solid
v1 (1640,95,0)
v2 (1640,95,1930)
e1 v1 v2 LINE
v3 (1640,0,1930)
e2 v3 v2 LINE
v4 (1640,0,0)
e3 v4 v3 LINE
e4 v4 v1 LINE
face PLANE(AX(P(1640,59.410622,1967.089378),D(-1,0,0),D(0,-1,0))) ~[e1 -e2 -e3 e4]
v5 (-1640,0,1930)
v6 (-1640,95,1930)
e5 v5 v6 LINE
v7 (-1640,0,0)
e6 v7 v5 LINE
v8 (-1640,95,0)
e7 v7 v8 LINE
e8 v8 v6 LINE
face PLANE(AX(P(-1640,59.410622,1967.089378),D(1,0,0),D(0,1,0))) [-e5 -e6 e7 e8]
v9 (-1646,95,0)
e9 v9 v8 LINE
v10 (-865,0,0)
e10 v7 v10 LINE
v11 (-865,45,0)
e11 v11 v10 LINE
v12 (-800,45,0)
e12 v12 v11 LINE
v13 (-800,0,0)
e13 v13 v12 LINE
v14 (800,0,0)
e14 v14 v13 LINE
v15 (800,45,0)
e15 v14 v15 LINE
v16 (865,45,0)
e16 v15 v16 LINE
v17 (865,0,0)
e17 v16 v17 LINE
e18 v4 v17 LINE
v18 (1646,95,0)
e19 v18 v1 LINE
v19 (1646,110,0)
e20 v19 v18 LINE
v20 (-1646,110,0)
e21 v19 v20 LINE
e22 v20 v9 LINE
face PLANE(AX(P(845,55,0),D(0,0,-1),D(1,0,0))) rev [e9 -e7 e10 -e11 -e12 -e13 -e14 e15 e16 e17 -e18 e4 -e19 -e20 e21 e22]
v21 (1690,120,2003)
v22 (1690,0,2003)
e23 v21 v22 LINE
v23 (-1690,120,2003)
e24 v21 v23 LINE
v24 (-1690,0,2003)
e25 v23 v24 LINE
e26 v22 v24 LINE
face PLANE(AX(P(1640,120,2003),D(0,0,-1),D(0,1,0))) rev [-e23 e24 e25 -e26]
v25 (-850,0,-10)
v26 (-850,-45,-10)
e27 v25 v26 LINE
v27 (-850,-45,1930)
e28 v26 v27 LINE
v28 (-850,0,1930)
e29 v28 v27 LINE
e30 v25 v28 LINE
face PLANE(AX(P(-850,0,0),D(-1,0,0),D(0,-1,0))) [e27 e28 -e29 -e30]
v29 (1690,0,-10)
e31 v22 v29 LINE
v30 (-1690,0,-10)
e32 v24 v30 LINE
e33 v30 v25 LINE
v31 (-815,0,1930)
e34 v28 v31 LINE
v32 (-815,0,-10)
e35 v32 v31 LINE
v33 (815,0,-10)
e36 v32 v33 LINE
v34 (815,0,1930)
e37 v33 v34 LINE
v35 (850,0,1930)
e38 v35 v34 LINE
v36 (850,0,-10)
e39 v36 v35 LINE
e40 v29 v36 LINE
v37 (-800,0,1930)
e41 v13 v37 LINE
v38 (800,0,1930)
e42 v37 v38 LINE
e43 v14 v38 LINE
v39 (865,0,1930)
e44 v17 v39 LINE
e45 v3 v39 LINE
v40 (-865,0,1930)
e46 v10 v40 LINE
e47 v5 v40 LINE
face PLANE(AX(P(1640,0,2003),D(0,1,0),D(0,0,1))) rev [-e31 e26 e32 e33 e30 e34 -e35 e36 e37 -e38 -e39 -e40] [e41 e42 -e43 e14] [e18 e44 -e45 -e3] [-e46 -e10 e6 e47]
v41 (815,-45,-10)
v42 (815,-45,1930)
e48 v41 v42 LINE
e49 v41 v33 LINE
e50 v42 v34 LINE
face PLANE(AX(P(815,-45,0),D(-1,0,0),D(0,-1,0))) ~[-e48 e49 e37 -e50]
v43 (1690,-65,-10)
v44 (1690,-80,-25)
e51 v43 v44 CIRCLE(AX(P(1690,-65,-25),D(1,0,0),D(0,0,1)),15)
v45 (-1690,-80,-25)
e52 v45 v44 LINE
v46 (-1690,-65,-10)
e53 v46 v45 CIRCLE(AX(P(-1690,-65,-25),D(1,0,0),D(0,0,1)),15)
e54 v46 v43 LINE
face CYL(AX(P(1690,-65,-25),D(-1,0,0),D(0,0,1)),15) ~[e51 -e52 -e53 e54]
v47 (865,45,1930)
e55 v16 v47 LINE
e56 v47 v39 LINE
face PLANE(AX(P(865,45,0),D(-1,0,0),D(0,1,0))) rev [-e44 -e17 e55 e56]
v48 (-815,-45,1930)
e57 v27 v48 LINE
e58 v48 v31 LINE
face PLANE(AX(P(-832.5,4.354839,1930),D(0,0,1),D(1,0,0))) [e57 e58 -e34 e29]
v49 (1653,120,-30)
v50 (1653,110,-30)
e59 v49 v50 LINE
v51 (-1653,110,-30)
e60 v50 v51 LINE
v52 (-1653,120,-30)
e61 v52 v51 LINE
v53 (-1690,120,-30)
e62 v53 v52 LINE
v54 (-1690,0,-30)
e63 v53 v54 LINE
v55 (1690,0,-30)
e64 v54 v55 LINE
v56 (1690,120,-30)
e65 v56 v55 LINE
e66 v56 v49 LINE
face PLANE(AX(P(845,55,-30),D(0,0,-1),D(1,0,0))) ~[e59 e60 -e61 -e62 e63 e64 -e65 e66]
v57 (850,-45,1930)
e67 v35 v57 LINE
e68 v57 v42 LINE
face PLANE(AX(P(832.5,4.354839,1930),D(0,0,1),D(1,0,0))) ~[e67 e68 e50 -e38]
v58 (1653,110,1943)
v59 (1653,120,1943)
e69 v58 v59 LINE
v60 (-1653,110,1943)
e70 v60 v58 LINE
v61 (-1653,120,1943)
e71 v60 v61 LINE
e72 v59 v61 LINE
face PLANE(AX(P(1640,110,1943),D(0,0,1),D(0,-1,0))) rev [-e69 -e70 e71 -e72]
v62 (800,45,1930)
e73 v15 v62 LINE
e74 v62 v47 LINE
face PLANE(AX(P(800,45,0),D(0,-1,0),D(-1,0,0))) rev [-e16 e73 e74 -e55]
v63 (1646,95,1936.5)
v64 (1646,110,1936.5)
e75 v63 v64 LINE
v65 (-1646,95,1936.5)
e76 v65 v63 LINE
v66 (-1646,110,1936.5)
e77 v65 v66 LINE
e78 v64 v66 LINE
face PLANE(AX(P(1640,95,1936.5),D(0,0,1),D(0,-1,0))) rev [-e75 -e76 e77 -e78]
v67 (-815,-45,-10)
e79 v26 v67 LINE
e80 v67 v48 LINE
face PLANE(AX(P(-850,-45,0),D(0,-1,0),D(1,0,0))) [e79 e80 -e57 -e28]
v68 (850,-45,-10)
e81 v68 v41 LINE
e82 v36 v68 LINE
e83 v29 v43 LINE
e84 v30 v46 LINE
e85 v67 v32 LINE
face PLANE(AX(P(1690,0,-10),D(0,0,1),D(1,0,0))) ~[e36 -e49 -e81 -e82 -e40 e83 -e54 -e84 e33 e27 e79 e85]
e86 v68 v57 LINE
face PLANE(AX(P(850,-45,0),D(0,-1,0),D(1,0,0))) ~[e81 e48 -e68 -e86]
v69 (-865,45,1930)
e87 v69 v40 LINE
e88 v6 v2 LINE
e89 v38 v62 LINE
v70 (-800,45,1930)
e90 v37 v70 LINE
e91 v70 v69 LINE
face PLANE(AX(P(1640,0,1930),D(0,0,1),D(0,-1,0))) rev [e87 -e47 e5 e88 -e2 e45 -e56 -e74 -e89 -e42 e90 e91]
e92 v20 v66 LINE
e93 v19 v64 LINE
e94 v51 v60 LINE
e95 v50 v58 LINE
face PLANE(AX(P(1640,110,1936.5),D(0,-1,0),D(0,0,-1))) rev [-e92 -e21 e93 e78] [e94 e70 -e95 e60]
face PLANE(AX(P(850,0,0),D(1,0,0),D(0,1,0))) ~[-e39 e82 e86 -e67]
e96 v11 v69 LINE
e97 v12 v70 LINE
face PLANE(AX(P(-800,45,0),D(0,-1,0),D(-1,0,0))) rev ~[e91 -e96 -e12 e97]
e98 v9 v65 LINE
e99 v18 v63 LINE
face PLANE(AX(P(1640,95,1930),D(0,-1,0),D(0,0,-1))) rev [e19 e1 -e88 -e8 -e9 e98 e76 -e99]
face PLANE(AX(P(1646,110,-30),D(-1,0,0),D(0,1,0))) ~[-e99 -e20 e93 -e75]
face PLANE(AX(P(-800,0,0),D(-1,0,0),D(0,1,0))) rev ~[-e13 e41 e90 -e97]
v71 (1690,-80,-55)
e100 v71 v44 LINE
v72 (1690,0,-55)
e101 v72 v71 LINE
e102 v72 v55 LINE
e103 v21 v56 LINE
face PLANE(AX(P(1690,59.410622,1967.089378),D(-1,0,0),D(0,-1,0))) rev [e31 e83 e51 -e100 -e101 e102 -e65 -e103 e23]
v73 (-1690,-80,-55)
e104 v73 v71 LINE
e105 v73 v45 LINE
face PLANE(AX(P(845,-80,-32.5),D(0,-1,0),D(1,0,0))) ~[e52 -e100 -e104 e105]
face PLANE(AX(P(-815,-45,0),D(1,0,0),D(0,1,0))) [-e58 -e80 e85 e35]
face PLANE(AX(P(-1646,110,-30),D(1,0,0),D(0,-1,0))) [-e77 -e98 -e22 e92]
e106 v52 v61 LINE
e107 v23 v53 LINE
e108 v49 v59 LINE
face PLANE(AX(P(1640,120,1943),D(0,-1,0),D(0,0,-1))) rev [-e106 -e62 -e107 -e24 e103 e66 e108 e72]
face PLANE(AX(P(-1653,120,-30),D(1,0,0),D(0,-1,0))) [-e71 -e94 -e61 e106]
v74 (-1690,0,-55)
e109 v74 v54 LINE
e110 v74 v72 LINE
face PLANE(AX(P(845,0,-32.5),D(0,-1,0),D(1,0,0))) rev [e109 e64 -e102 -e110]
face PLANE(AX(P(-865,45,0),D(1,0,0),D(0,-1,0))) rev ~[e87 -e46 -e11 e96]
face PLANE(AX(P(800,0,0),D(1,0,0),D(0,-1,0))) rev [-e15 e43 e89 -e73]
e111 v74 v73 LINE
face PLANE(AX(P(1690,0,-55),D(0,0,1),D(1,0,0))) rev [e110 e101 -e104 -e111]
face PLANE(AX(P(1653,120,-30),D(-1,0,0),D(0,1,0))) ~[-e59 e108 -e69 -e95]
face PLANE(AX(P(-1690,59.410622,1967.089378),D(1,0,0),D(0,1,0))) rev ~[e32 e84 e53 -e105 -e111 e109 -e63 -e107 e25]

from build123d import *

# Parameters (mm, degrees)
F0_W      = 50
F0_H      = 95
F1_DEPTH  = 1930
F2_W      = 1690
F2_H      = 110
F3_DEPTH  = 30
F4_W      = 1690
F4_H      = 45
F5_DEPTH  = 80
F6_DEPTH  = 25
F7_R      = 15
F9_DEPTH  = 2033
F11_DEPTH = 50
F12_DEPTH = 1640


with BuildPart() as f1:
    # F0 (on Top) → F1 (new body)
    with BuildSketch(Plane.XY):
        Polygon((-815, 0), (-800, 0), (-800, 45), (-865, 45), (-865, 0), (-850, 0), (-850, -45), (-815, -45), align=None)
        with Locations((-1665, 47.5)):
            Rectangle(F0_W, F0_H)
    extrude(amount=F1_DEPTH)

    # F2 (on face) → F3 (join)
    with BuildSketch(Plane(origin=(0, 0, 0), x_dir=(1, 0, 0), z_dir=(0, 0, -1))):
        with Locations((-845, -55)):
            Rectangle(F2_W, F2_H)
    extrude(amount=F3_DEPTH)

    # F4 (on face) → F5 (join)
    with BuildSketch(Plane.XZ):
        with Locations((-845, -32.5)):
            Rectangle(F4_W, F4_H)
    extrude(amount=F5_DEPTH)

    # F0 (on Top) → F6 (join)
    with BuildSketch(Plane.XY):
        Polygon((-815, 0), (-800, 0), (-800, 45), (-865, 45), (-865, 0), (-850, 0), (-850, -45), (-815, -45), align=None)
        with Locations((-1665, 47.5)):
            Rectangle(F0_W, F0_H)
    extrude(amount=-F6_DEPTH)

    # F7
    f7_edges = [f1.edges().sort_by_distance(p)[0] for p in [
        (-845, -80, -10),
    ]]
    fillet(f7_edges, radius=F7_R)

    # F8 (on face) → F9 (join)
    with BuildSketch(Plane(origin=(0, 0, -30), x_dir=(1, 0, 0), z_dir=(0, 0, -1))):
        Polygon((-1690, -90), (-1690, -110), (-1690, -120), (-1653, -120), (-1653, -110), (-1646, -110), (-1646, -90), align=None)
    extrude(amount=-F9_DEPTH)

    # F10 (on face) → F11 (join, through all)
    with BuildSketch(Plane.YZ.offset(-1640)):
        Polygon((0, 2003), (0, 1930), (95, 1930), (95, 1936.5), (110, 1936.5), (110, 1943), (120, 1943), (120, 2003), align=None)
    extrude(amount=-F11_DEPTH)

    # F10 (on face) → F12 (join, through all)
    with BuildSketch(Plane.YZ.offset(-1640)):
        Polygon((0, 2003), (0, 1930), (95, 1930), (95, 1936.5), (110, 1936.5), (110, 1943), (120, 1943), (120, 2003), align=None)
    extrude(amount=F12_DEPTH)

    # F13: F1 across plane


with BuildPart() as f1_1:
    add(f1.part)
    add(f1.part.mirror(Plane.YZ))


solid = f1_1.part
